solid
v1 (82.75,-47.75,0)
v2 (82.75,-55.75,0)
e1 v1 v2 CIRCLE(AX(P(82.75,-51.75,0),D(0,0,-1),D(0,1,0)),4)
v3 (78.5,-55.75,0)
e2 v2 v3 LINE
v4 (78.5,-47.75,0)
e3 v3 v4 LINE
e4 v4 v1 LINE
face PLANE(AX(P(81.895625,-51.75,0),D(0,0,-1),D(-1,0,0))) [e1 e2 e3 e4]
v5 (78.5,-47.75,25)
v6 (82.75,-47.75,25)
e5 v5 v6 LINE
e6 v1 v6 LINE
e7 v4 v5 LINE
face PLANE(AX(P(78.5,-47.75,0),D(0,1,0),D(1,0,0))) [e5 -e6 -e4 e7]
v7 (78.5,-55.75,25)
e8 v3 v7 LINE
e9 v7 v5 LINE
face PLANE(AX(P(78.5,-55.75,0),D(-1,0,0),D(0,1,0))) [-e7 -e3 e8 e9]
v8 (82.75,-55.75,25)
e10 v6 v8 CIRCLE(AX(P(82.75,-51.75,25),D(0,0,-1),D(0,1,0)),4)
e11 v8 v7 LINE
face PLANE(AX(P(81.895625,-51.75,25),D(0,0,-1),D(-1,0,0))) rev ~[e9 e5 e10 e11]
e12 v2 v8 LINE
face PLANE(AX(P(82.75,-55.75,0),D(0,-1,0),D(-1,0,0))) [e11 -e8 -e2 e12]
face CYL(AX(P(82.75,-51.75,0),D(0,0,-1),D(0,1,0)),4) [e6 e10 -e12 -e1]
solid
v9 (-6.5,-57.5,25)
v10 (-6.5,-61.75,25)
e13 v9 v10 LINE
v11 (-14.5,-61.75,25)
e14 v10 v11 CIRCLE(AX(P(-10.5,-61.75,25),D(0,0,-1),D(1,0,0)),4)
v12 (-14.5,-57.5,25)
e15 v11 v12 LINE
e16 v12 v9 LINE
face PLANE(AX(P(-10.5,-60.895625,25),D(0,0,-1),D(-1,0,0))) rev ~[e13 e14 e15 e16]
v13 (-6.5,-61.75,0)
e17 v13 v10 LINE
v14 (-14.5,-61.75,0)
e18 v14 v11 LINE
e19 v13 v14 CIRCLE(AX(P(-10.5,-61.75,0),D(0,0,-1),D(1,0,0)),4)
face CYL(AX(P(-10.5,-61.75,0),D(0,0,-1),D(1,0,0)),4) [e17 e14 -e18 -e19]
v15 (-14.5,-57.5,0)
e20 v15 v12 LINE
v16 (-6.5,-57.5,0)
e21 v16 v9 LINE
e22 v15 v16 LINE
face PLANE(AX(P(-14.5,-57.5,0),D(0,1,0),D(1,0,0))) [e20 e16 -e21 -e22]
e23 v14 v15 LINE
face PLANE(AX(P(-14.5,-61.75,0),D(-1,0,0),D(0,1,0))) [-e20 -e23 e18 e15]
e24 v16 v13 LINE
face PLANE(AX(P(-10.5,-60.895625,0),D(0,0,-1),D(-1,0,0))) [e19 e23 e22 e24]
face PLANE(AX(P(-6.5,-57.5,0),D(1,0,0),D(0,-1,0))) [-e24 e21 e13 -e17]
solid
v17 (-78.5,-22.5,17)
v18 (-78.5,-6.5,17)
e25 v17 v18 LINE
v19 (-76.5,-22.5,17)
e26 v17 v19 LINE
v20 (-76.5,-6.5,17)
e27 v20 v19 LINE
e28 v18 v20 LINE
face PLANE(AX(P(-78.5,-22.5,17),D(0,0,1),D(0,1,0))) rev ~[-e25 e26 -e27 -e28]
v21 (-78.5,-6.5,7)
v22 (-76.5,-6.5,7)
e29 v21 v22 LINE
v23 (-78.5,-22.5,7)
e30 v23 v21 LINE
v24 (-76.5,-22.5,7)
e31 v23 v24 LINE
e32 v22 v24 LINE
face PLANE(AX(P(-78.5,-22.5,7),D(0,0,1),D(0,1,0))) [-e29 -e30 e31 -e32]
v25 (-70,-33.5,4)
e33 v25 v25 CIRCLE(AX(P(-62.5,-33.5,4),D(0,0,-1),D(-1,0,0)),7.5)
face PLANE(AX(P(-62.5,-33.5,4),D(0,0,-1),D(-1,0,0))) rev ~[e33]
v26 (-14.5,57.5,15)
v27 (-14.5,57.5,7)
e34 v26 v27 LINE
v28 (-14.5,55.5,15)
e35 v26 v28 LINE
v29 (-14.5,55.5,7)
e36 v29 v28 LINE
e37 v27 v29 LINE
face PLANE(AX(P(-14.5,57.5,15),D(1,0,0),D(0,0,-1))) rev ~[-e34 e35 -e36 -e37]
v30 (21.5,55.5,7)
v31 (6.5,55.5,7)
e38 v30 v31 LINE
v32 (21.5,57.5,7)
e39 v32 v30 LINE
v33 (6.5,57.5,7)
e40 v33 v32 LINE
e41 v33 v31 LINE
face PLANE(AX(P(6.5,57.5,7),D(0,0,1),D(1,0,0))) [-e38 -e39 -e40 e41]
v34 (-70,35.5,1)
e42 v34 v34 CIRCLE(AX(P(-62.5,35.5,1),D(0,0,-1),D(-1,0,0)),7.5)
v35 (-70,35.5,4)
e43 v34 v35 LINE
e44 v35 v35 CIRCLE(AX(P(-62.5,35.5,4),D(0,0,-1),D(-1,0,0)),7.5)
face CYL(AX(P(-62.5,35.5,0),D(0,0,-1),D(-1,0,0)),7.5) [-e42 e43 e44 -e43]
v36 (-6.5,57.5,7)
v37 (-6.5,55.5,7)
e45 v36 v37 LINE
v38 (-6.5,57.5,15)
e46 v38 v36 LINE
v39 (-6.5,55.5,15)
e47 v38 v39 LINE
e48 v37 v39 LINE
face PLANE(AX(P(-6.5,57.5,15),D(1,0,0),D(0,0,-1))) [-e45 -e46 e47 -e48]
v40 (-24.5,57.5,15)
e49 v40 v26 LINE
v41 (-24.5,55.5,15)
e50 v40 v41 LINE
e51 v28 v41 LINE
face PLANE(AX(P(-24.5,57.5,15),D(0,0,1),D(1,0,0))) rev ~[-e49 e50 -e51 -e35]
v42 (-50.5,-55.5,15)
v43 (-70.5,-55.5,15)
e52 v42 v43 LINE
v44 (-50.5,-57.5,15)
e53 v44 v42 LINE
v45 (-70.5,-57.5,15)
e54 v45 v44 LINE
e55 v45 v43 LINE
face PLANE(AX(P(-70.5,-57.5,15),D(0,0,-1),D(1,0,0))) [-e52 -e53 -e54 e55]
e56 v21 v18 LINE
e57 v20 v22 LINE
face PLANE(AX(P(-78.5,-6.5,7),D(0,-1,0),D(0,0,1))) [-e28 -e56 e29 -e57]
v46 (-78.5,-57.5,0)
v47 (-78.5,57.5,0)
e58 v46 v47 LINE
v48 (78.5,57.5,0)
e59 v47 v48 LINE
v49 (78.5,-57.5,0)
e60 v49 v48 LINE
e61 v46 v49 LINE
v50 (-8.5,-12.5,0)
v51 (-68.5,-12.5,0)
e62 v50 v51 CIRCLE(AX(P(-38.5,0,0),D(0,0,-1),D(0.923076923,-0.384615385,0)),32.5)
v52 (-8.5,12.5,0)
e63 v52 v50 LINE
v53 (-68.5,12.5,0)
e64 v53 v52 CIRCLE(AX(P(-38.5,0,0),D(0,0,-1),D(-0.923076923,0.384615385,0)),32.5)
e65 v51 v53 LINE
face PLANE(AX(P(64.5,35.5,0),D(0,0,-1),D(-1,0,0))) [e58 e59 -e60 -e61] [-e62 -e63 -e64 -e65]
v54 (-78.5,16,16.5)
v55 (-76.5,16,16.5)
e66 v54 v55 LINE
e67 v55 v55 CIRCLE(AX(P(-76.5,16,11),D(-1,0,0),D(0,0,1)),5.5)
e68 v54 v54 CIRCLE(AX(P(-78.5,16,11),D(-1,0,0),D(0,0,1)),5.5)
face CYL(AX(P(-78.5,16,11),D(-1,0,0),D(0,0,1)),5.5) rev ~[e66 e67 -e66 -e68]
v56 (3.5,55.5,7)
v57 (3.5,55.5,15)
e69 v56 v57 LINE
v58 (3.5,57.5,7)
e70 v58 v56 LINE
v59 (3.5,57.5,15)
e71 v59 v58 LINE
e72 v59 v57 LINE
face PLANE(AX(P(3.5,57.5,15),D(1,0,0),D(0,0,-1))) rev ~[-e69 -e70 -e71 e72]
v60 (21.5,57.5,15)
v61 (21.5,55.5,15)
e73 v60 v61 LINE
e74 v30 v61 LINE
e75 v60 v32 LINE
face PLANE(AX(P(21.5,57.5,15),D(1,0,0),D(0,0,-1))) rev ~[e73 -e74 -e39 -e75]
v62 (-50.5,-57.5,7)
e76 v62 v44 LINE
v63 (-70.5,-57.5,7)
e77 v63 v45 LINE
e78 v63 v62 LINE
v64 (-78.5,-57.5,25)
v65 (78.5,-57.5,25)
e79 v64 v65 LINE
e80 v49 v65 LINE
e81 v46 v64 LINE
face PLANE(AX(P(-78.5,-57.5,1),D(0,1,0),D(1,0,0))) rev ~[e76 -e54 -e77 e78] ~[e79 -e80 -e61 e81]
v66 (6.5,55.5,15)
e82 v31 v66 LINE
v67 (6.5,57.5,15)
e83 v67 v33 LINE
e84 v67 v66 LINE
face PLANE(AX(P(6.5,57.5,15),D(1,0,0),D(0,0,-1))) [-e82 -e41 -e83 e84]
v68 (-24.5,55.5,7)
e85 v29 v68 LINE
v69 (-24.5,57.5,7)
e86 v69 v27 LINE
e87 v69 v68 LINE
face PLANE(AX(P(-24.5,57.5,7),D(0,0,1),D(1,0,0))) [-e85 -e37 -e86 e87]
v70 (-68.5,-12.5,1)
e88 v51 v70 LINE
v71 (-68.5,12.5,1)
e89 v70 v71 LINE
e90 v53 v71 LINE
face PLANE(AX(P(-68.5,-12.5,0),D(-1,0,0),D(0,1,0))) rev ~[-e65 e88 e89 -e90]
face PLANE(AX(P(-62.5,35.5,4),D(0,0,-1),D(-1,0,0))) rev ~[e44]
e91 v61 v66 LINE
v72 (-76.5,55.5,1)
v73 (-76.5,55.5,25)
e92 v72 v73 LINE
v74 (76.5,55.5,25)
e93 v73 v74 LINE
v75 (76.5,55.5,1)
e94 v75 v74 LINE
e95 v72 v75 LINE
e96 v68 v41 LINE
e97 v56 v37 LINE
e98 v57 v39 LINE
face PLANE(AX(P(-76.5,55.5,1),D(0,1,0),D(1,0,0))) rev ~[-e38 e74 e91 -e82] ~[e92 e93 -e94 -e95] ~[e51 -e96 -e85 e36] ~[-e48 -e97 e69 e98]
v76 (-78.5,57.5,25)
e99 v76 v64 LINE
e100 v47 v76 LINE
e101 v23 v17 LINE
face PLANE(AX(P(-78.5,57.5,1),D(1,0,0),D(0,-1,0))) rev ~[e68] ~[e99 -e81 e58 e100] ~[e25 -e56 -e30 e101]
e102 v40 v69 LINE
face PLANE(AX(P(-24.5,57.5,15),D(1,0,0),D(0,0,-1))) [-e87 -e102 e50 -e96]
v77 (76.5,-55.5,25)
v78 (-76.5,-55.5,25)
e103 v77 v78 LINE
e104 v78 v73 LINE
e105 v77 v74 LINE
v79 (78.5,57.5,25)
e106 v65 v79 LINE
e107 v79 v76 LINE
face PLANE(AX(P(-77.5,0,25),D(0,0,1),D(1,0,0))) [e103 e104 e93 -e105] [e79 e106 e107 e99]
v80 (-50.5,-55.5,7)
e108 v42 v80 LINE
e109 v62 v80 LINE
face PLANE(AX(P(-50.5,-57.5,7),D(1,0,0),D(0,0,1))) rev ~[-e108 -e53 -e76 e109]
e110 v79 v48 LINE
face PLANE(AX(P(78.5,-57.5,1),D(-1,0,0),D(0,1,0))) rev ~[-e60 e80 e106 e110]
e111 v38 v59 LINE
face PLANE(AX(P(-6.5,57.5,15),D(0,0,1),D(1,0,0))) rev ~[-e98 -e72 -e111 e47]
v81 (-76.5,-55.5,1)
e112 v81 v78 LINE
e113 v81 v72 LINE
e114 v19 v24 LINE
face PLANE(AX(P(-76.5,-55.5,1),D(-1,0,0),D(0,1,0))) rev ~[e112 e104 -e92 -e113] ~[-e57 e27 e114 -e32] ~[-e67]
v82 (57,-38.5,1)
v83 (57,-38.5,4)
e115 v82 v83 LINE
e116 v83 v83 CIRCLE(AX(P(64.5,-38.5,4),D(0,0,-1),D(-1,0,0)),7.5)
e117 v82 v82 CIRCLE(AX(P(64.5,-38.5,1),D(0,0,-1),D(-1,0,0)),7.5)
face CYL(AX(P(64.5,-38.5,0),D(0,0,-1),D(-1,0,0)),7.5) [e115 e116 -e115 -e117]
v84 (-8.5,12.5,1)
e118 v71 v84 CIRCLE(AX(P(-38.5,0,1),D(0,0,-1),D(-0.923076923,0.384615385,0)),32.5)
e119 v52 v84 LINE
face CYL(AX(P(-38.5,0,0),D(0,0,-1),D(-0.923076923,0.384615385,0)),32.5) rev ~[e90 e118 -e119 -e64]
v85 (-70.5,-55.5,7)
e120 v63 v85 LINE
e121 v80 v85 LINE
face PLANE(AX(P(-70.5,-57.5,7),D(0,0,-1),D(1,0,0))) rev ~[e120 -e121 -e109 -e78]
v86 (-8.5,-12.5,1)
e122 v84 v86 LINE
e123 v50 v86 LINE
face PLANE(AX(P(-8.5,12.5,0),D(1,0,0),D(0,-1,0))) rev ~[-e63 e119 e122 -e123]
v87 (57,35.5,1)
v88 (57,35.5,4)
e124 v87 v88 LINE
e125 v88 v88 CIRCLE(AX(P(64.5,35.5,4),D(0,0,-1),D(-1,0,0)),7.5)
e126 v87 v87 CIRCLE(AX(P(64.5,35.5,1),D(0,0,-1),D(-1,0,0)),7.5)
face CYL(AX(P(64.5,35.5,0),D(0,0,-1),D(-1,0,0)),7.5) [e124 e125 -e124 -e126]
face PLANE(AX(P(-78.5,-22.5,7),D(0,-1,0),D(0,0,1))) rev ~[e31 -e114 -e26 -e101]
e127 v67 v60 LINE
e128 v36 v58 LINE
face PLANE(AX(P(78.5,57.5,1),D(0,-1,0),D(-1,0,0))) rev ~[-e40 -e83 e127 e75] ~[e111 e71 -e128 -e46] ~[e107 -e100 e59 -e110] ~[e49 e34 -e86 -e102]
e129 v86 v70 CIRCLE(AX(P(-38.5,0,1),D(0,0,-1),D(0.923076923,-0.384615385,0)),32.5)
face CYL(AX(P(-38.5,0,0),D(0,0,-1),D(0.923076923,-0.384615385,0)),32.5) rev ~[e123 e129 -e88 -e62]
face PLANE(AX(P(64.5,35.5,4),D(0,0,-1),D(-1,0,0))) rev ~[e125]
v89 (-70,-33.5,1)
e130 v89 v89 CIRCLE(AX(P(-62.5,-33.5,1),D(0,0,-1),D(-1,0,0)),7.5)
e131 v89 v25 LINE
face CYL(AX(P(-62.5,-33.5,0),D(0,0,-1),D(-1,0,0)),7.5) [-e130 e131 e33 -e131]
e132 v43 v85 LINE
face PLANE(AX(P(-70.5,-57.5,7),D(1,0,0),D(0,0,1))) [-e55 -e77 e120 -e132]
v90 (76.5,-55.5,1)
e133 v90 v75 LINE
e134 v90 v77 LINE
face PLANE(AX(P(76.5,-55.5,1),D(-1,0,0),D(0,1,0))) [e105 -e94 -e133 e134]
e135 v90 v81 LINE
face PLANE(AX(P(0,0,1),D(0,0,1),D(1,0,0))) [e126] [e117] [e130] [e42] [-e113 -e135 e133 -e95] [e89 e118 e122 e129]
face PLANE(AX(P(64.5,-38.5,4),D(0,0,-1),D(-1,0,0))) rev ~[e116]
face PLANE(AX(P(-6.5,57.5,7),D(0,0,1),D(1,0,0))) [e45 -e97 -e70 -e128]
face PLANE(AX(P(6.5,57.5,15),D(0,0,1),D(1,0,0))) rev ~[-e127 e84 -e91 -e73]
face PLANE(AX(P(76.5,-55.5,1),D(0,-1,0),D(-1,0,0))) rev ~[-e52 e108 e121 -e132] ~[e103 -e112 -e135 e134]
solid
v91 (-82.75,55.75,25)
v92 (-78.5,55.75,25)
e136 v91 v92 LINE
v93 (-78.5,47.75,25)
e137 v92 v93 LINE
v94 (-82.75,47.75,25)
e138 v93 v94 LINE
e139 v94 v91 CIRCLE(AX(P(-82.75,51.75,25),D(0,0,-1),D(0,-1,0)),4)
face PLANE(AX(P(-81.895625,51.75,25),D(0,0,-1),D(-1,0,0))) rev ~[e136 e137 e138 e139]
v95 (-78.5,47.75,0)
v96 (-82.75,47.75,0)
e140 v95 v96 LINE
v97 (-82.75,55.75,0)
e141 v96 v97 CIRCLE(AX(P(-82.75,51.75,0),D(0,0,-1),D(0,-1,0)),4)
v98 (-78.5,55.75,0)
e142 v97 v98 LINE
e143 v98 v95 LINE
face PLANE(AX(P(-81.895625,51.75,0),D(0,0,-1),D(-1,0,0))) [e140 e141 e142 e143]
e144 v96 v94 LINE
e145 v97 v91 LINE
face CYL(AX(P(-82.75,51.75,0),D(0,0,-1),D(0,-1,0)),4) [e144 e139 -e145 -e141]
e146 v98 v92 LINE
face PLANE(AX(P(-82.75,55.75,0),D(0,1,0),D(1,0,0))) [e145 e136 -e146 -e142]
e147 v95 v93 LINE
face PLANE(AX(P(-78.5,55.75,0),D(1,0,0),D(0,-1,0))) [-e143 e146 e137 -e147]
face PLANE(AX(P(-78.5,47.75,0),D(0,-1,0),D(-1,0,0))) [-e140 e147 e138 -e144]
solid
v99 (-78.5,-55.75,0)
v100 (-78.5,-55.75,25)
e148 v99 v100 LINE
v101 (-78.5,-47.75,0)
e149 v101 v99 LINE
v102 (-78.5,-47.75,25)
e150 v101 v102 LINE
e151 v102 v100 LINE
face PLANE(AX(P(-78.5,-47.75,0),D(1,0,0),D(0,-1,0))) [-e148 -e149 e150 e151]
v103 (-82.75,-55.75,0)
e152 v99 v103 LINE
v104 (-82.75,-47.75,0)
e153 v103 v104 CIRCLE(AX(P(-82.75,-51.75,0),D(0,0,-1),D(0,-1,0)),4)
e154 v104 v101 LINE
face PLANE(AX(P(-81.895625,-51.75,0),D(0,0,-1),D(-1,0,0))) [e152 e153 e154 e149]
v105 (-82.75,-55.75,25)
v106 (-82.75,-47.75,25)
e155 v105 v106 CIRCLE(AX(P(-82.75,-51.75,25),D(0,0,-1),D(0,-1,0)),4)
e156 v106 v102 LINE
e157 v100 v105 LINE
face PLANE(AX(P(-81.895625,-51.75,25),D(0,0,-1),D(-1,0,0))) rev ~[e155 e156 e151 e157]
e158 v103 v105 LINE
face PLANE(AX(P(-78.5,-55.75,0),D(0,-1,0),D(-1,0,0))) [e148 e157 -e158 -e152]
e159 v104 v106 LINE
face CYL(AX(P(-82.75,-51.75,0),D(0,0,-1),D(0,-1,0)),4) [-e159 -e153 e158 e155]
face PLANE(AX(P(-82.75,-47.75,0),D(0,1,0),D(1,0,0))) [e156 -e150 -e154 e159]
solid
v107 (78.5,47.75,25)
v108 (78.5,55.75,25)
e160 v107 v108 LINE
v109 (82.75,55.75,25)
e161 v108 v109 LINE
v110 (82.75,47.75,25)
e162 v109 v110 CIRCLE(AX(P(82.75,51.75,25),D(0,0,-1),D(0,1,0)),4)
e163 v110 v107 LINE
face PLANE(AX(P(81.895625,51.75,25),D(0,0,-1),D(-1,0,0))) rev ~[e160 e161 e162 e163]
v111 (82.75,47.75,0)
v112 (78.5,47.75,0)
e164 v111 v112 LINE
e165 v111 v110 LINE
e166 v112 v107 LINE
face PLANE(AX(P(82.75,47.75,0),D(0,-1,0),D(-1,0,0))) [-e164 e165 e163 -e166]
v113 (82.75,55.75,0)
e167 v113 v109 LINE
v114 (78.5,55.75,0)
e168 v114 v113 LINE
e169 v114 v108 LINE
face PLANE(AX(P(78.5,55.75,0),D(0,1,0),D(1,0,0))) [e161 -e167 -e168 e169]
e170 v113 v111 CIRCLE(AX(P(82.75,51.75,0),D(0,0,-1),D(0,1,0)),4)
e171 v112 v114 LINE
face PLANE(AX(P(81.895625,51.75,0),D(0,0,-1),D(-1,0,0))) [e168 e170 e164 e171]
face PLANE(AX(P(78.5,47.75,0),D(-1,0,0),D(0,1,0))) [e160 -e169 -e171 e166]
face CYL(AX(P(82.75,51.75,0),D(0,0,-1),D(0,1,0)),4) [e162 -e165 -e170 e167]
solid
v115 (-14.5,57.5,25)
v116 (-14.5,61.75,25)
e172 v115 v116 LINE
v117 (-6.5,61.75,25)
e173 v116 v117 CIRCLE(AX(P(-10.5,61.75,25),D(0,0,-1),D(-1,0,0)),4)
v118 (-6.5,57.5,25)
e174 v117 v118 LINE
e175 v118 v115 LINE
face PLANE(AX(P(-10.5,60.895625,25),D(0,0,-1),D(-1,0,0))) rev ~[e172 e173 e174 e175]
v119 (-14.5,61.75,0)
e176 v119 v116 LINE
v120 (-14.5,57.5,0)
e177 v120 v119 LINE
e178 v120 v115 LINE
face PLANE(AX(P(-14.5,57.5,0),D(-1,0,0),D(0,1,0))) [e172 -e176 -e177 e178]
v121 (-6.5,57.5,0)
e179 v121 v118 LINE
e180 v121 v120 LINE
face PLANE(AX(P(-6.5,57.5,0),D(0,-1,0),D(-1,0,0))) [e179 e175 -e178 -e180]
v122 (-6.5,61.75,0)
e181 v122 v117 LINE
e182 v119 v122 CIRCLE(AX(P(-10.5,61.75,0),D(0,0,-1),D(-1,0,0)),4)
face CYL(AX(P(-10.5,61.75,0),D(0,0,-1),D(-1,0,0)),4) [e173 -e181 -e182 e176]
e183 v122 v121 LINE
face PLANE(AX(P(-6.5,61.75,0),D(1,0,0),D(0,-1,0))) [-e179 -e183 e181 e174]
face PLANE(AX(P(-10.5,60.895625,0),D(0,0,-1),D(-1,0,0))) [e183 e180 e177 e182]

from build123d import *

# Parameters (mm, degrees)
SKETCH1_W             = 157
SKETCH1_H             = 115
BOSS_EXTRUDE1_DEPTH   = 1
SKETCH2_W             = 2
SKETCH2_H             = 111
BOSS_EXTRUDE2_DEPTH   = 24
CUT_EXTRUDE1_REACH    = 159
SKETCH4_R             = 5.5
SKETCH4_W             = 10
SKETCH4_H             = 16
CUT_EXTRUDE2_REACH    = 117
SKETCH5_W             = 20
SKETCH5_H             = 8
CUT_EXTRUDE3_REACH    = 117
SKETCH6_W             = 10
SKETCH6_H             = 8
SKETCH6_W_2           = 15
SKETCH8_R             = 7.5
BOSS_EXTRUDE3_DEPTH   = 4
CUT_EXTRUDE5_REACH    = 27
BOSS_EXTRUDE5_DEPTH   = 25
BOSS_EXTRUDE5_2_DEPTH = 25
BOSS_EXTRUDE5_3_DEPTH = 25
BOSS_EXTRUDE5_4_DEPTH = 25
BOSS_EXTRUDE5_5_DEPTH = 25
BOSS_EXTRUDE5_6_DEPTH = 25


with BuildPart() as part:
    # Sketch1 → Boss-Extrude1 (new body)
    with BuildSketch(Plane.XY):
        Rectangle(SKETCH1_W, SKETCH1_H)
    extrude(amount=BOSS_EXTRUDE1_DEPTH)

    # Sketch2 → Boss-Extrude2 (add)
    with BuildSketch(Plane.XY.offset(1)):
        with Locations((-77.5, 0)):
            Rectangle(SKETCH2_W, SKETCH2_H)
        Polygon((78.5, 57.5), (-78.5, 57.5), (-78.5, 55.5), (-76.5, 55.5), (76.5, 55.5), (78.5, 55.5), align=None)
        with Locations((77.5, 0)):
            Rectangle(SKETCH2_W, SKETCH2_H)
        Polygon((-76.5, -55.5), (-78.5, -55.5), (-78.5, -57.5), (78.5, -57.5), (78.5, -55.5), (76.5, -55.5), align=None)
    extrude(amount=BOSS_EXTRUDE2_DEPTH)

    # Sketch4 → Cut-Extrude1 (cut, up to next)
    with BuildSketch(Plane.ZY.offset(78.5), mode=Mode.PRIVATE) as cut_extrude1_sk1:
        with Locations((11, 16)):
            Circle(SKETCH4_R)
    cut_extrude1_tool1 = extrude(cut_extrude1_sk1.sketch, amount=-CUT_EXTRUDE1_REACH, mode=Mode.PRIVATE) & part.part
    add(cut_extrude1_tool1.solids().sort_by_distance((-78.5, 16, 11))[0], mode=Mode.SUBTRACT)
    # Sketch4 → Cut-Extrude1 (cut, up to next)
    with BuildSketch(Plane.ZY.offset(78.5), mode=Mode.PRIVATE) as cut_extrude1_sk2:
        with Locations((12, -14.5)):
            Rectangle(SKETCH4_W, SKETCH4_H)
    cut_extrude1_tool2 = extrude(cut_extrude1_sk2.sketch, amount=-CUT_EXTRUDE1_REACH, mode=Mode.PRIVATE) & part.part
    add(cut_extrude1_tool2.solids().sort_by_distance((-78.5, -14.5, 12))[0], mode=Mode.SUBTRACT)

    # Sketch5 → Cut-Extrude2 (cut, up to next)
    with BuildSketch(Plane.XZ.offset(57.5), mode=Mode.PRIVATE) as cut_extrude2_sk1:
        with Locations((-60.5, 11)):
            Rectangle(SKETCH5_W, SKETCH5_H)
    cut_extrude2_tool1 = extrude(cut_extrude2_sk1.sketch, amount=-CUT_EXTRUDE2_REACH, mode=Mode.PRIVATE) & part.part
    add(cut_extrude2_tool1.solids().sort_by_distance((-60.5, -57.5, 11))[0], mode=Mode.SUBTRACT)

    # Sketch6 → Cut-Extrude3 (cut, up to next)
    with BuildSketch(Plane(origin=(0, 57.5, 0), x_dir=(1, 0, 0), z_dir=(0, 1, 0)), mode=Mode.PRIVATE) as cut_extrude3_sk1:
        with Locations((-19.5, -11)):
            Rectangle(SKETCH6_W, SKETCH6_H)
    cut_extrude3_tool1 = extrude(cut_extrude3_sk1.sketch, amount=-CUT_EXTRUDE3_REACH, mode=Mode.PRIVATE) & part.part
    add(cut_extrude3_tool1.solids().sort_by_distance((-19.5, 57.5, 11))[0], mode=Mode.SUBTRACT)
    # Sketch6 → Cut-Extrude3 (cut, up to next)
    with BuildSketch(Plane(origin=(0, 57.5, 0), x_dir=(1, 0, 0), z_dir=(0, 1, 0)), mode=Mode.PRIVATE) as cut_extrude3_sk2:
        with Locations((-1.5, -11)):
            Rectangle(SKETCH6_W, SKETCH6_H)
    cut_extrude3_tool2 = extrude(cut_extrude3_sk2.sketch, amount=-CUT_EXTRUDE3_REACH, mode=Mode.PRIVATE) & part.part
    add(cut_extrude3_tool2.solids().sort_by_distance((-1.5, 57.5, 11))[0], mode=Mode.SUBTRACT)
    # Sketch6 → Cut-Extrude3 (cut, up to next)
    with BuildSketch(Plane(origin=(0, 57.5, 0), x_dir=(1, 0, 0), z_dir=(0, 1, 0)), mode=Mode.PRIVATE) as cut_extrude3_sk3:
        with Locations((14, -11)):
            Rectangle(SKETCH6_W_2, SKETCH6_H)
    cut_extrude3_tool3 = extrude(cut_extrude3_sk3.sketch, amount=-CUT_EXTRUDE3_REACH, mode=Mode.PRIVATE) & part.part
    add(cut_extrude3_tool3.solids().sort_by_distance((14, 57.5, 11))[0], mode=Mode.SUBTRACT)

    # Sketch8 → Boss-Extrude3 (add)
    with BuildSketch(Plane(origin=(0, 0, 0), x_dir=(-1, 0, 0), z_dir=(0, 0, -1))):
        with Locations((-64.5, 35.5)):
            Circle(SKETCH8_R)
        with Locations((62.5, 35.5)):
            Circle(SKETCH8_R)
        with Locations((62.5, -33.5)):
            Circle(SKETCH8_R)
        with Locations((-64.5, -38.5)):
            Circle(SKETCH8_R)
    extrude(amount=-BOSS_EXTRUDE3_DEPTH)

    # Sketch9 → Cut-Extrude5 (cut, up to next)
    with BuildSketch(Plane(origin=(0, 0, 0), x_dir=(-1, 0, 0), z_dir=(0, 0, -1)), mode=Mode.PRIVATE) as cut_extrude5_sk1:
        with BuildLine():
            Line((8.5, 12.5), (8.5, -12.5))
            ThreePointArc((8.5, -12.5), (38.5, -32.5), (68.5, -12.5))
            Line((68.5, -12.5), (68.5, 12.5))
            ThreePointArc((68.5, 12.5), (38.5, 32.5), (8.5, 12.5))
        make_face()
    cut_extrude5_tool1 = extrude(cut_extrude5_sk1.sketch, amount=-CUT_EXTRUDE5_REACH, mode=Mode.PRIVATE) & part.part
    add(cut_extrude5_tool1.solids().sort_by_distance((-38.5, 0, 0))[0], mode=Mode.SUBTRACT)


with BuildPart() as body_2:
    # Sketch13 → Boss-Extrude5 (new body)
    with BuildSketch(Plane(origin=(0, 0, 0), x_dir=(-1, 0, 0), z_dir=(0, 0, -1))):
        with BuildLine():
            Line((-82.75, -55.75), (-78.5, -55.75))
            Line((-78.5, -55.75), (-78.5, -47.75))
            Line((-78.5, -47.75), (-82.75, -47.75))
            ThreePointArc((-82.75, -47.75), (-86.75, -51.75), (-82.75, -55.75))
        make_face()
    extrude(amount=-BOSS_EXTRUDE5_DEPTH)


with BuildPart() as body_3:
    # Sketch13 → Boss-Extrude5 2 (new body)
    with BuildSketch(Plane(origin=(0, 0, 0), x_dir=(-1, 0, 0), z_dir=(0, 0, -1))):
        with BuildLine():
            Line((-78.5, 47.75), (-78.5, 55.75))
            Line((-78.5, 55.75), (-82.75, 55.75))
            ThreePointArc((-82.75, 55.75), (-86.75, 51.75), (-82.75, 47.75))
            Line((-82.75, 47.75), (-78.5, 47.75))
        make_face()
    extrude(amount=-BOSS_EXTRUDE5_2_DEPTH)


with BuildPart() as body_4:
    # Sketch13 → Boss-Extrude5 3 (new body)
    with BuildSketch(Plane(origin=(0, 0, 0), x_dir=(-1, 0, 0), z_dir=(0, 0, -1))):
        with BuildLine():
            Line((78.5, -47.75), (78.5, -55.75))
            Line((78.5, -55.75), (82.75, -55.75))
            ThreePointArc((82.75, -55.75), (86.75, -51.75), (82.75, -47.75))
            Line((82.75, -47.75), (78.5, -47.75))
        make_face()
    extrude(amount=-BOSS_EXTRUDE5_3_DEPTH)


with BuildPart() as body_5:
    # Sketch13 → Boss-Extrude5 4 (new body)
    with BuildSketch(Plane(origin=(0, 0, 0), x_dir=(-1, 0, 0), z_dir=(0, 0, -1))):
        with BuildLine():
            Line((82.75, 55.75), (78.5, 55.75))
            Line((78.5, 55.75), (78.5, 47.75))
            Line((78.5, 47.75), (82.75, 47.75))
            ThreePointArc((82.75, 47.75), (86.75, 51.75), (82.75, 55.75))
        make_face()
    extrude(amount=-BOSS_EXTRUDE5_4_DEPTH)


with BuildPart() as body_6:
    # Sketch13 → Boss-Extrude5 5 (new body)
    with BuildSketch(Plane(origin=(0, 0, 0), x_dir=(-1, 0, 0), z_dir=(0, 0, -1))):
        with BuildLine():
            Line((6.5, 57.5), (14.5, 57.5))
            Line((14.5, 57.5), (14.5, 61.75))
            ThreePointArc((14.5, 61.75), (10.5, 65.75), (6.5, 61.75))
            Line((6.5, 61.75), (6.5, 57.5))
        make_face()
    extrude(amount=-BOSS_EXTRUDE5_5_DEPTH)


with BuildPart() as body_7:
    # Sketch13 → Boss-Extrude5 6 (new body)
    with BuildSketch(Plane(origin=(0, 0, 0), x_dir=(-1, 0, 0), z_dir=(0, 0, -1))):
        with BuildLine():
            Line((14.5, -61.75), (14.5, -57.5))
            Line((14.5, -57.5), (6.5, -57.5))
            Line((6.5, -57.5), (6.5, -61.75))
            ThreePointArc((6.5, -61.75), (10.5, -65.75), (14.5, -61.75))
        make_face()
    extrude(amount=-BOSS_EXTRUDE5_6_DEPTH)


solid = Compound([part.part, body_2.part, body_3.part, body_4.part, body_5.part, body_6.part, body_7.part])
